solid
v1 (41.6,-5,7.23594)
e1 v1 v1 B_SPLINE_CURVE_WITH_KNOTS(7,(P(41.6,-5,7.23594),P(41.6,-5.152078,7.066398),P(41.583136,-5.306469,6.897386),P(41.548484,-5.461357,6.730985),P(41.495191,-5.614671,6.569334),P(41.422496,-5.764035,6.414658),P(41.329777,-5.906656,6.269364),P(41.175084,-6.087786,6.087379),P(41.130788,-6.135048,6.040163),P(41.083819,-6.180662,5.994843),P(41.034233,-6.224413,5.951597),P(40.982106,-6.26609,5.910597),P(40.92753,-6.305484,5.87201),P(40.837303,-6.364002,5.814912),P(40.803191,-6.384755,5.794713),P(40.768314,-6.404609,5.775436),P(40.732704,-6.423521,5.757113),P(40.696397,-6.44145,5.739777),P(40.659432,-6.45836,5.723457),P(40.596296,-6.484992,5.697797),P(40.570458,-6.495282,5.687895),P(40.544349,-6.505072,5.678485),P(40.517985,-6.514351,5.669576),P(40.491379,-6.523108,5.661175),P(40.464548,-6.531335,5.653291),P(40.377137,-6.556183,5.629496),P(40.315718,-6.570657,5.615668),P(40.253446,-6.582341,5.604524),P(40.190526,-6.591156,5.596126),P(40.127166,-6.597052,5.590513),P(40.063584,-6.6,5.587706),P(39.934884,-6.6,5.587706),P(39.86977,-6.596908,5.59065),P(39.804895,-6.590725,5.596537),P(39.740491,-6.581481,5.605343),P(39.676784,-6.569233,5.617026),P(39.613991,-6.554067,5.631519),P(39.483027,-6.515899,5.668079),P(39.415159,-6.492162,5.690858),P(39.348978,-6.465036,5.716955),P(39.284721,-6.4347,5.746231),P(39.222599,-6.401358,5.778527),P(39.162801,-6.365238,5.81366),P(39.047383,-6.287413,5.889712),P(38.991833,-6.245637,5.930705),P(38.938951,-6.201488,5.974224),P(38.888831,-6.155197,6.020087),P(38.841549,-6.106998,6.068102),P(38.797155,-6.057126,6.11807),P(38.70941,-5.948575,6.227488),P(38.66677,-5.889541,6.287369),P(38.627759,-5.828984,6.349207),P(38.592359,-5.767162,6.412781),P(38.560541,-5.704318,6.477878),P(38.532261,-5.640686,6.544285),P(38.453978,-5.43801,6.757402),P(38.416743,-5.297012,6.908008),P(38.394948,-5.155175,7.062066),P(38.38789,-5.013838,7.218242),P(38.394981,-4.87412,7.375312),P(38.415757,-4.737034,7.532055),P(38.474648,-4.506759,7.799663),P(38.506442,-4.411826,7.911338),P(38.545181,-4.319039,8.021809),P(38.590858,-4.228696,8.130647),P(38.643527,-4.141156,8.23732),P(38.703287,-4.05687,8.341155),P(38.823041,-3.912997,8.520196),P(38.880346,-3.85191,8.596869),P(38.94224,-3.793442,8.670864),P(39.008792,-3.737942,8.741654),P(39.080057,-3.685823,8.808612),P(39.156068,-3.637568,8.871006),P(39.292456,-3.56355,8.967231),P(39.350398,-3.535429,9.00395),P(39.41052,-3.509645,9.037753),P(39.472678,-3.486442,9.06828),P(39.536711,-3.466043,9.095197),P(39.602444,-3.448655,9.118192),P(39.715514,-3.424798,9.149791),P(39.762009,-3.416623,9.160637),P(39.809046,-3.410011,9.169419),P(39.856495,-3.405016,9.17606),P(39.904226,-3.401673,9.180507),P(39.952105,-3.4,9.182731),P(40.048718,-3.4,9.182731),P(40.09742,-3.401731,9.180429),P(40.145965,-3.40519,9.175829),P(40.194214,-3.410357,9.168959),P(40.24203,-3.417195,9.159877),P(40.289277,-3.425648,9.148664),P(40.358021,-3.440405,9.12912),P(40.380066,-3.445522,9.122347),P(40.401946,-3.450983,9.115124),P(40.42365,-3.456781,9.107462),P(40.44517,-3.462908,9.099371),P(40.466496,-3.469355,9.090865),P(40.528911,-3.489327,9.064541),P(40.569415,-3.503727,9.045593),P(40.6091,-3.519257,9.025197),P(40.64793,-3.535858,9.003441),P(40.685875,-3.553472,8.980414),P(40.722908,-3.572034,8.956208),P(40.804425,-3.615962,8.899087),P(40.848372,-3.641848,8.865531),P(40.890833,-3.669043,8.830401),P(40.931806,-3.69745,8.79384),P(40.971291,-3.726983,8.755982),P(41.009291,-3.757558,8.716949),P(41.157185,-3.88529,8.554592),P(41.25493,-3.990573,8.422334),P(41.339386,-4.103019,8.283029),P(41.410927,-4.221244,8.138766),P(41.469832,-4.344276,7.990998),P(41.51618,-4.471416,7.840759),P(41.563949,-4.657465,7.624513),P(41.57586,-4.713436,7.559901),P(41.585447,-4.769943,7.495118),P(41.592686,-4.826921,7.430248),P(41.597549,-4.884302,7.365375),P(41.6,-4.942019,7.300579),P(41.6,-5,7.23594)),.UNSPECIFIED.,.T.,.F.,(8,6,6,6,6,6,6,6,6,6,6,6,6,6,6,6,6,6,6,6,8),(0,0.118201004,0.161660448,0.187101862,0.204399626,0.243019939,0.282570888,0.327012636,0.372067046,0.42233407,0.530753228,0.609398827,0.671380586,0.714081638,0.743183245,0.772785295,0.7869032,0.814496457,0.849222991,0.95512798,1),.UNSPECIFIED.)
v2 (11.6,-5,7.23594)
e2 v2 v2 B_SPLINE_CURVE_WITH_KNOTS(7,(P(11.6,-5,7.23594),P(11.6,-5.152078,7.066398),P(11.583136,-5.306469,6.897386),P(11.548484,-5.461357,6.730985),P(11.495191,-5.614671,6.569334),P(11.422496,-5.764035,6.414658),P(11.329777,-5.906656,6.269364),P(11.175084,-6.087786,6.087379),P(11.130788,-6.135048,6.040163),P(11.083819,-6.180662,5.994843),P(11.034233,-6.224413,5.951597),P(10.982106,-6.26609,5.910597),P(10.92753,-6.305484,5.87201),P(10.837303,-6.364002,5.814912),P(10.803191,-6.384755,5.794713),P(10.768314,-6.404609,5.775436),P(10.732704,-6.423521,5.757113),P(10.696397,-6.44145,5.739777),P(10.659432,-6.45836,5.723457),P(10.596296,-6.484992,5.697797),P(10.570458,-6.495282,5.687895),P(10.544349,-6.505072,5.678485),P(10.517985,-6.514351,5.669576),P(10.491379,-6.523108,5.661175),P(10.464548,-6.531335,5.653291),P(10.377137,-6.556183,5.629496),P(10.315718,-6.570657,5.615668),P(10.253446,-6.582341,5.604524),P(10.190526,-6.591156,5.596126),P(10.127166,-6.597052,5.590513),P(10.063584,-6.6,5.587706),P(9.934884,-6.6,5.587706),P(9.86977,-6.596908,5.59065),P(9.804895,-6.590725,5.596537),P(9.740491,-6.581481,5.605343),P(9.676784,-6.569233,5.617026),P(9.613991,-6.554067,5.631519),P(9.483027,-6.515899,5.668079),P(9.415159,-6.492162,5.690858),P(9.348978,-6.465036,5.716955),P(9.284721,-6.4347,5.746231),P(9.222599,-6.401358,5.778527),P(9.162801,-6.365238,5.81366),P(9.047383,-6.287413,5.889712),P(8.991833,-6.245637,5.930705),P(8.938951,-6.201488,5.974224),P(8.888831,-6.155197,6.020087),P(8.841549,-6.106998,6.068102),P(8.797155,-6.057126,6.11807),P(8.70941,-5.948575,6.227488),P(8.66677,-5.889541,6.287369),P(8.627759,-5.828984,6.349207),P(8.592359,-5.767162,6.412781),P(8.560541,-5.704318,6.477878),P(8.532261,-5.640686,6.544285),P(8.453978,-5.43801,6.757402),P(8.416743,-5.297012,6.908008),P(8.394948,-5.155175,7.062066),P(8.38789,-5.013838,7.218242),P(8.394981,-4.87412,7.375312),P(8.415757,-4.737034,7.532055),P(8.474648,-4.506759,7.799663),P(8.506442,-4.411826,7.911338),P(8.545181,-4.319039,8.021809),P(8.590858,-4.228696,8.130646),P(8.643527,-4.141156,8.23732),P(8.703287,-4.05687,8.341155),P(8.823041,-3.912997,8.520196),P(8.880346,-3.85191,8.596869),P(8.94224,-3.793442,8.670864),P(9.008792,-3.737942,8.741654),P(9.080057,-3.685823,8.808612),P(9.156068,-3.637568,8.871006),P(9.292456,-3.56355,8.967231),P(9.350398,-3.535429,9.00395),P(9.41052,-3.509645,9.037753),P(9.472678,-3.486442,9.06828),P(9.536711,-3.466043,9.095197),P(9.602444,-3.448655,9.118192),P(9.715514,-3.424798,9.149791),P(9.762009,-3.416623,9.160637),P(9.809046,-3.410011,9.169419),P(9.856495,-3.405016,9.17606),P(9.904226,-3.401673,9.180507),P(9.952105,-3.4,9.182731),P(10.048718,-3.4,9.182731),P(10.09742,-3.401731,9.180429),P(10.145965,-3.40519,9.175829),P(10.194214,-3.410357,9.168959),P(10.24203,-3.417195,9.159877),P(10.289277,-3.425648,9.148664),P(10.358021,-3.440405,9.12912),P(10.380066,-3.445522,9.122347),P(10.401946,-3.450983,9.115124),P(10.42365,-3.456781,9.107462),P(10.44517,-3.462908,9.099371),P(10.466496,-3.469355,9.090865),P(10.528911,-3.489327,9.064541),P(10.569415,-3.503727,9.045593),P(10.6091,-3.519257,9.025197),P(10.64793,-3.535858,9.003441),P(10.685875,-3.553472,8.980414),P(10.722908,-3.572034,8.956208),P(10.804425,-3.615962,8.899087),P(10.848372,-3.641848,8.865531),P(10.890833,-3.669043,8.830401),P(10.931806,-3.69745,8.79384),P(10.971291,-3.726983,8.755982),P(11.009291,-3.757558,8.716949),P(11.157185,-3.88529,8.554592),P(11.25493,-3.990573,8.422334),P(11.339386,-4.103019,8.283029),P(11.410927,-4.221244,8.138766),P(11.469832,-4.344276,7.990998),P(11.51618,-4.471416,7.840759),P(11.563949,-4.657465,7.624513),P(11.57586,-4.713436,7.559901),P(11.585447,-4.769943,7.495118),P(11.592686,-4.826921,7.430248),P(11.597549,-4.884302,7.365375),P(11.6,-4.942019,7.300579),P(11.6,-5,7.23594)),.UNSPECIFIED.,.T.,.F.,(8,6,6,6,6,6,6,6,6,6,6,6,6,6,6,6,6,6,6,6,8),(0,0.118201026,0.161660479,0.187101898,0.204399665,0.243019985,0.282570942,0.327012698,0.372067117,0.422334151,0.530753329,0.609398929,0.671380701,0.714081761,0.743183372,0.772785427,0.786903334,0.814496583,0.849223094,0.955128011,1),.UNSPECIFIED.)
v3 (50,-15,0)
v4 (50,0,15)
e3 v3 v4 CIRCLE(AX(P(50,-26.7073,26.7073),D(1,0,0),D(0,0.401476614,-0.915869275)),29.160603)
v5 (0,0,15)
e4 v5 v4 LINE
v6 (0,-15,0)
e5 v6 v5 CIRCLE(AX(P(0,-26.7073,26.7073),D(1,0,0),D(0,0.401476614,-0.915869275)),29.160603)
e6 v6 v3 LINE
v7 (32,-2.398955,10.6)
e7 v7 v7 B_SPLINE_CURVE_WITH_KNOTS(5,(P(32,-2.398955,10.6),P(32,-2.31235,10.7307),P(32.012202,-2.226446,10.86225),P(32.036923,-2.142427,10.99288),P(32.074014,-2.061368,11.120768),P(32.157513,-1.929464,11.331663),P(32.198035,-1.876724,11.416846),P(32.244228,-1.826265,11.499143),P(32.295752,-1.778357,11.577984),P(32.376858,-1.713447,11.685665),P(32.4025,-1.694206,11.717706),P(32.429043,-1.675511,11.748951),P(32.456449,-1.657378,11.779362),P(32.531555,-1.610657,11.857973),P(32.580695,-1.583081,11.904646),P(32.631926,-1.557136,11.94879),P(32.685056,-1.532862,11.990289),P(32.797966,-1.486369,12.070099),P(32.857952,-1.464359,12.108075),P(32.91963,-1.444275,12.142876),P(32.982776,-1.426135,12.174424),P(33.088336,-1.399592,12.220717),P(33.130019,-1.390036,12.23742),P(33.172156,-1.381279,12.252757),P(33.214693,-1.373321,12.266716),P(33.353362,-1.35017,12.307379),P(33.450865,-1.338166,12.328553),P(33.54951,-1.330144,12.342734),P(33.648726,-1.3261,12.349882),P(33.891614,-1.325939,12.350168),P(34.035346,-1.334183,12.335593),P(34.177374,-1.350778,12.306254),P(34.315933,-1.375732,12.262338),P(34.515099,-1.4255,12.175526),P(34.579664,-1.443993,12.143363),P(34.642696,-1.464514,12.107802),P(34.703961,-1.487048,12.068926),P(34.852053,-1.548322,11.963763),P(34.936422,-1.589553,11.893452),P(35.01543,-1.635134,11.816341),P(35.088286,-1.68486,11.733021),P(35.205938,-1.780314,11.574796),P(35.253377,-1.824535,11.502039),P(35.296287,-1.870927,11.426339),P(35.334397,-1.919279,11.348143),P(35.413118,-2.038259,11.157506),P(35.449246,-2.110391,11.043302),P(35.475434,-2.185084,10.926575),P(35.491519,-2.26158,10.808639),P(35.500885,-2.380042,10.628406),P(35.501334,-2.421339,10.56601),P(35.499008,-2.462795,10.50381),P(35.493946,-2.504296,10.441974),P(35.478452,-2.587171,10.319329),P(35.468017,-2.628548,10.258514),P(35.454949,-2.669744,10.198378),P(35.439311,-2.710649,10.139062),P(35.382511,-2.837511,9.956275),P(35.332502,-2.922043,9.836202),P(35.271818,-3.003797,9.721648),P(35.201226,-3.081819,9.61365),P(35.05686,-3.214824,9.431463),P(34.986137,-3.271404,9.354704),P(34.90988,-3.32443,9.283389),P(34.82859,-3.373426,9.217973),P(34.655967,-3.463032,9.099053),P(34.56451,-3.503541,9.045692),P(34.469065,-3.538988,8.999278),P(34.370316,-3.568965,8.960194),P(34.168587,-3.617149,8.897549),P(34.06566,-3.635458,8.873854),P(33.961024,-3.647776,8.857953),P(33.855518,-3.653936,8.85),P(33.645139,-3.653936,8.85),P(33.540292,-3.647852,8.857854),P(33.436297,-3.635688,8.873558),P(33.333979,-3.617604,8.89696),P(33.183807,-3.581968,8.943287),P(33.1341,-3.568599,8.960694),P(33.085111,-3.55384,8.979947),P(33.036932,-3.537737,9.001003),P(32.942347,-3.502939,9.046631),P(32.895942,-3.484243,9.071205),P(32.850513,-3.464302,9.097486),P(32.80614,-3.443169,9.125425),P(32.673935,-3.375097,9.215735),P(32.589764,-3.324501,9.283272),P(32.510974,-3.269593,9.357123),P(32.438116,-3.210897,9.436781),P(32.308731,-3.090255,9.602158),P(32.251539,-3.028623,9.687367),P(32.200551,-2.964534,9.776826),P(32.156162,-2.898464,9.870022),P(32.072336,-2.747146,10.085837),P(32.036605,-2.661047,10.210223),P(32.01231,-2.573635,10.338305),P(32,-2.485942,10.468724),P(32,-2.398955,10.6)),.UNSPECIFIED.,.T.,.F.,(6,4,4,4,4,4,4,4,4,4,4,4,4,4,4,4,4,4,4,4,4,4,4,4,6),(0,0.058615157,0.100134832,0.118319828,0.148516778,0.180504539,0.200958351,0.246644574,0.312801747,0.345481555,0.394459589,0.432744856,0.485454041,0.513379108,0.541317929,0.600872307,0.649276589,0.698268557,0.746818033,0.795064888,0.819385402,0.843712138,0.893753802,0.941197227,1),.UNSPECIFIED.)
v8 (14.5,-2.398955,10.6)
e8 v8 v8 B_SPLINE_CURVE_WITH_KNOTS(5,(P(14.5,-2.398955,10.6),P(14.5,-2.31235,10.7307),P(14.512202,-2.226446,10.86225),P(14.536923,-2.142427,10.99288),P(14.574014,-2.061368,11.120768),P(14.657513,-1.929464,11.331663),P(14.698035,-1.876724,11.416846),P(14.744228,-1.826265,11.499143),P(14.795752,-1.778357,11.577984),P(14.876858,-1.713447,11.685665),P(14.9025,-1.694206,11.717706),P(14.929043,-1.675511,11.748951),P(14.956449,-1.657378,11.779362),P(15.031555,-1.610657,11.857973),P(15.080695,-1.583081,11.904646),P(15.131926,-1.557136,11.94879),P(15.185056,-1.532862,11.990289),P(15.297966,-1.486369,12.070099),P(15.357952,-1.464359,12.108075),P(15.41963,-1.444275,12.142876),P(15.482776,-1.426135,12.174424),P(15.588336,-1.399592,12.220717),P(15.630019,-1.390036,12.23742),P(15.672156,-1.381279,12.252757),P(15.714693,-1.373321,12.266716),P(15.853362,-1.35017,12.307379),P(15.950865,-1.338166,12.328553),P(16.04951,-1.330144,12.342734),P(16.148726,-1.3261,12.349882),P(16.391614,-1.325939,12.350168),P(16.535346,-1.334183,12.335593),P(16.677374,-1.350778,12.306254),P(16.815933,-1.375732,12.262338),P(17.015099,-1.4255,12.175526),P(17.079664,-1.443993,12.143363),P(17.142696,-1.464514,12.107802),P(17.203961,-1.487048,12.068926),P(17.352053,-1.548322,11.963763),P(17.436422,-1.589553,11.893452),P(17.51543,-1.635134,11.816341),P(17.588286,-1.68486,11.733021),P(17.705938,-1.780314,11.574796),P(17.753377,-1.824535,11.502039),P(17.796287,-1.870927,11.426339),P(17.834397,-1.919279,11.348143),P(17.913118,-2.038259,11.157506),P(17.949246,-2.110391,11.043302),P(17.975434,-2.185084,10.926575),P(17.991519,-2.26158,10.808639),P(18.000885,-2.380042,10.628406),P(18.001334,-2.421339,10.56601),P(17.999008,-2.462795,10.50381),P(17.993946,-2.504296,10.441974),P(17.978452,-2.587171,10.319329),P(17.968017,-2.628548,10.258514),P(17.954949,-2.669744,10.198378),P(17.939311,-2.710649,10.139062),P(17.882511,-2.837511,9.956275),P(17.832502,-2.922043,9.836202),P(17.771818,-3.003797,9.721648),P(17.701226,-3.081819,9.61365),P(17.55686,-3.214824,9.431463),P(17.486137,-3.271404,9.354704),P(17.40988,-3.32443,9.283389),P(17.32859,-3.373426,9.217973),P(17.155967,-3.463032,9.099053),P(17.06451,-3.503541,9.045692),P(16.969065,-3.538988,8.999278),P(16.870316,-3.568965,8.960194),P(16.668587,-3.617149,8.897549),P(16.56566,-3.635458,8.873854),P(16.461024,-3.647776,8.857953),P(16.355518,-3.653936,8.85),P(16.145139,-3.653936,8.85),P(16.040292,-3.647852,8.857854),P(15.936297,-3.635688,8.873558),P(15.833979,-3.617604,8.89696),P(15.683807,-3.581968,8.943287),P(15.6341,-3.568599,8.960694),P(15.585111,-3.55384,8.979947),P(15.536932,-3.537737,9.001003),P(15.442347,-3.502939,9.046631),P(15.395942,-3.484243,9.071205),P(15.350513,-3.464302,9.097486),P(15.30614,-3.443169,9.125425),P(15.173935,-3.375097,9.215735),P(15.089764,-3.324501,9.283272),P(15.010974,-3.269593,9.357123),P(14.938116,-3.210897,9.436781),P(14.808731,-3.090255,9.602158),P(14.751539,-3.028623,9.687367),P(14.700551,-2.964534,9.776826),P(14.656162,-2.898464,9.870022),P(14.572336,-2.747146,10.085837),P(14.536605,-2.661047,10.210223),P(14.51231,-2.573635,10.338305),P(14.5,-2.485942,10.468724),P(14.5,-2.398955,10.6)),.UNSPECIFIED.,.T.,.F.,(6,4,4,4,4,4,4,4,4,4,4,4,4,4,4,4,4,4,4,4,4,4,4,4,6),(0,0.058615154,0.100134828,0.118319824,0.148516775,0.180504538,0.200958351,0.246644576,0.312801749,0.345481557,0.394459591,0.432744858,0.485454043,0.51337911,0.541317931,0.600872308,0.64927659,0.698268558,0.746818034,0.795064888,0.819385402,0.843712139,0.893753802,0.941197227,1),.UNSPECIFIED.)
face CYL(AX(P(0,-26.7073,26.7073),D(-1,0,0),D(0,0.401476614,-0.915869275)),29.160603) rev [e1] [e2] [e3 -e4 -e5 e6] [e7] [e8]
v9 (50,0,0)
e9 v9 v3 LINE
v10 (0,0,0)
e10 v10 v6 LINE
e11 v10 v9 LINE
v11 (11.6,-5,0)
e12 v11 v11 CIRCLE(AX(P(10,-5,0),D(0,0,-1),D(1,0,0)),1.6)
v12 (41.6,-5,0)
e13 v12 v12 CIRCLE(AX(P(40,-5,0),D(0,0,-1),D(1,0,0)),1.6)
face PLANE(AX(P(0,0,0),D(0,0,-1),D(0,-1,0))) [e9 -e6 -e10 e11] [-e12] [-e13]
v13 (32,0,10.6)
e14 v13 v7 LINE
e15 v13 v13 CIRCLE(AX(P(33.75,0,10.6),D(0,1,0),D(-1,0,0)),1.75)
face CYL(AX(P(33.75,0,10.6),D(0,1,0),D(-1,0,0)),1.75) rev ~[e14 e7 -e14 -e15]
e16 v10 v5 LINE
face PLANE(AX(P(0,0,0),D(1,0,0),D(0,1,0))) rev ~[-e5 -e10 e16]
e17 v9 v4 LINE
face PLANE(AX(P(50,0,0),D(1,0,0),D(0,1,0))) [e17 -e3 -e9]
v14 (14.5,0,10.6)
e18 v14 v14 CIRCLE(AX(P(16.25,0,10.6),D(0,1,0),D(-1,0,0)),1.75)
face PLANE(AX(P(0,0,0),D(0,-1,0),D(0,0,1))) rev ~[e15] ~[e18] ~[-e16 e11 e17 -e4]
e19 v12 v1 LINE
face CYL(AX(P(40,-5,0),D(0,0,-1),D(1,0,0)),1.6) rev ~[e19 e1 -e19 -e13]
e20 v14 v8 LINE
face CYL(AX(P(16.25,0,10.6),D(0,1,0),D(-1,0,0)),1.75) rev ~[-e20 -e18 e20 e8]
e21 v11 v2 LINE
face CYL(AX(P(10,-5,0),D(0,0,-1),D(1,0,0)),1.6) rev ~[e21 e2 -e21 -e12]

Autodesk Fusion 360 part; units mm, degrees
sketch "Boceto1" plane through (0, 0, 0) normal (1, 0, 0) x (0, 1, 0)
  line L0 (0, 0) -> (0, 15)
  line L1 (0, 0) -> (-15, 0)
  arc A0 (-15, 0) -> (0, 15) centre (-26.7073, 26.7073) ccw
  dimension "d1" = 15
  dimension "d2" = 15
extrude "Extruir1" add sketch "Boceto1" along normal blind 50
sketch "Boceto2" plane through (0, 0, 0) normal (0, 1, 0) x (-1, 0, 0)
  line L0 (0, 0) -> (0, 15)
  line L1 (0, 15) -> (-50, 15)
  line L2 (-50, 15) -> (-50, 0)
  line L3 (-50, 0) -> (0, 0)
  circle A0 centre (-33.75, 10.6) radius 1.75
  circle A1 centre (-16.25, 10.6) radius 1.75
  dimension "d9" = 3.5
  dimension "d14" = 3.5
extrude "Extruir2" cut sketch "Boceto2" against normal blind 5 contours A0 | A1
sketch "Boceto3" plane through (0, 0, 0) normal (0, 0, -1) x (1, 0, 0)
  line L0 (0, 15) -> (0, 0)
  line L1 (0, 0) -> (50, 0)
  line L2 (50, 0) -> (50, 15)
  line L3 (50, 15) -> (0, 15)
  circle A0 centre (10, 5) radius 1.6
  circle A1 centre (40, 5) radius 1.6
  dimension "d19" = 3.2
  dimension "d22" = 3.2
extrude "Extruir3" cut sketch "Boceto3" against normal blind 11 contours A0 | A1
